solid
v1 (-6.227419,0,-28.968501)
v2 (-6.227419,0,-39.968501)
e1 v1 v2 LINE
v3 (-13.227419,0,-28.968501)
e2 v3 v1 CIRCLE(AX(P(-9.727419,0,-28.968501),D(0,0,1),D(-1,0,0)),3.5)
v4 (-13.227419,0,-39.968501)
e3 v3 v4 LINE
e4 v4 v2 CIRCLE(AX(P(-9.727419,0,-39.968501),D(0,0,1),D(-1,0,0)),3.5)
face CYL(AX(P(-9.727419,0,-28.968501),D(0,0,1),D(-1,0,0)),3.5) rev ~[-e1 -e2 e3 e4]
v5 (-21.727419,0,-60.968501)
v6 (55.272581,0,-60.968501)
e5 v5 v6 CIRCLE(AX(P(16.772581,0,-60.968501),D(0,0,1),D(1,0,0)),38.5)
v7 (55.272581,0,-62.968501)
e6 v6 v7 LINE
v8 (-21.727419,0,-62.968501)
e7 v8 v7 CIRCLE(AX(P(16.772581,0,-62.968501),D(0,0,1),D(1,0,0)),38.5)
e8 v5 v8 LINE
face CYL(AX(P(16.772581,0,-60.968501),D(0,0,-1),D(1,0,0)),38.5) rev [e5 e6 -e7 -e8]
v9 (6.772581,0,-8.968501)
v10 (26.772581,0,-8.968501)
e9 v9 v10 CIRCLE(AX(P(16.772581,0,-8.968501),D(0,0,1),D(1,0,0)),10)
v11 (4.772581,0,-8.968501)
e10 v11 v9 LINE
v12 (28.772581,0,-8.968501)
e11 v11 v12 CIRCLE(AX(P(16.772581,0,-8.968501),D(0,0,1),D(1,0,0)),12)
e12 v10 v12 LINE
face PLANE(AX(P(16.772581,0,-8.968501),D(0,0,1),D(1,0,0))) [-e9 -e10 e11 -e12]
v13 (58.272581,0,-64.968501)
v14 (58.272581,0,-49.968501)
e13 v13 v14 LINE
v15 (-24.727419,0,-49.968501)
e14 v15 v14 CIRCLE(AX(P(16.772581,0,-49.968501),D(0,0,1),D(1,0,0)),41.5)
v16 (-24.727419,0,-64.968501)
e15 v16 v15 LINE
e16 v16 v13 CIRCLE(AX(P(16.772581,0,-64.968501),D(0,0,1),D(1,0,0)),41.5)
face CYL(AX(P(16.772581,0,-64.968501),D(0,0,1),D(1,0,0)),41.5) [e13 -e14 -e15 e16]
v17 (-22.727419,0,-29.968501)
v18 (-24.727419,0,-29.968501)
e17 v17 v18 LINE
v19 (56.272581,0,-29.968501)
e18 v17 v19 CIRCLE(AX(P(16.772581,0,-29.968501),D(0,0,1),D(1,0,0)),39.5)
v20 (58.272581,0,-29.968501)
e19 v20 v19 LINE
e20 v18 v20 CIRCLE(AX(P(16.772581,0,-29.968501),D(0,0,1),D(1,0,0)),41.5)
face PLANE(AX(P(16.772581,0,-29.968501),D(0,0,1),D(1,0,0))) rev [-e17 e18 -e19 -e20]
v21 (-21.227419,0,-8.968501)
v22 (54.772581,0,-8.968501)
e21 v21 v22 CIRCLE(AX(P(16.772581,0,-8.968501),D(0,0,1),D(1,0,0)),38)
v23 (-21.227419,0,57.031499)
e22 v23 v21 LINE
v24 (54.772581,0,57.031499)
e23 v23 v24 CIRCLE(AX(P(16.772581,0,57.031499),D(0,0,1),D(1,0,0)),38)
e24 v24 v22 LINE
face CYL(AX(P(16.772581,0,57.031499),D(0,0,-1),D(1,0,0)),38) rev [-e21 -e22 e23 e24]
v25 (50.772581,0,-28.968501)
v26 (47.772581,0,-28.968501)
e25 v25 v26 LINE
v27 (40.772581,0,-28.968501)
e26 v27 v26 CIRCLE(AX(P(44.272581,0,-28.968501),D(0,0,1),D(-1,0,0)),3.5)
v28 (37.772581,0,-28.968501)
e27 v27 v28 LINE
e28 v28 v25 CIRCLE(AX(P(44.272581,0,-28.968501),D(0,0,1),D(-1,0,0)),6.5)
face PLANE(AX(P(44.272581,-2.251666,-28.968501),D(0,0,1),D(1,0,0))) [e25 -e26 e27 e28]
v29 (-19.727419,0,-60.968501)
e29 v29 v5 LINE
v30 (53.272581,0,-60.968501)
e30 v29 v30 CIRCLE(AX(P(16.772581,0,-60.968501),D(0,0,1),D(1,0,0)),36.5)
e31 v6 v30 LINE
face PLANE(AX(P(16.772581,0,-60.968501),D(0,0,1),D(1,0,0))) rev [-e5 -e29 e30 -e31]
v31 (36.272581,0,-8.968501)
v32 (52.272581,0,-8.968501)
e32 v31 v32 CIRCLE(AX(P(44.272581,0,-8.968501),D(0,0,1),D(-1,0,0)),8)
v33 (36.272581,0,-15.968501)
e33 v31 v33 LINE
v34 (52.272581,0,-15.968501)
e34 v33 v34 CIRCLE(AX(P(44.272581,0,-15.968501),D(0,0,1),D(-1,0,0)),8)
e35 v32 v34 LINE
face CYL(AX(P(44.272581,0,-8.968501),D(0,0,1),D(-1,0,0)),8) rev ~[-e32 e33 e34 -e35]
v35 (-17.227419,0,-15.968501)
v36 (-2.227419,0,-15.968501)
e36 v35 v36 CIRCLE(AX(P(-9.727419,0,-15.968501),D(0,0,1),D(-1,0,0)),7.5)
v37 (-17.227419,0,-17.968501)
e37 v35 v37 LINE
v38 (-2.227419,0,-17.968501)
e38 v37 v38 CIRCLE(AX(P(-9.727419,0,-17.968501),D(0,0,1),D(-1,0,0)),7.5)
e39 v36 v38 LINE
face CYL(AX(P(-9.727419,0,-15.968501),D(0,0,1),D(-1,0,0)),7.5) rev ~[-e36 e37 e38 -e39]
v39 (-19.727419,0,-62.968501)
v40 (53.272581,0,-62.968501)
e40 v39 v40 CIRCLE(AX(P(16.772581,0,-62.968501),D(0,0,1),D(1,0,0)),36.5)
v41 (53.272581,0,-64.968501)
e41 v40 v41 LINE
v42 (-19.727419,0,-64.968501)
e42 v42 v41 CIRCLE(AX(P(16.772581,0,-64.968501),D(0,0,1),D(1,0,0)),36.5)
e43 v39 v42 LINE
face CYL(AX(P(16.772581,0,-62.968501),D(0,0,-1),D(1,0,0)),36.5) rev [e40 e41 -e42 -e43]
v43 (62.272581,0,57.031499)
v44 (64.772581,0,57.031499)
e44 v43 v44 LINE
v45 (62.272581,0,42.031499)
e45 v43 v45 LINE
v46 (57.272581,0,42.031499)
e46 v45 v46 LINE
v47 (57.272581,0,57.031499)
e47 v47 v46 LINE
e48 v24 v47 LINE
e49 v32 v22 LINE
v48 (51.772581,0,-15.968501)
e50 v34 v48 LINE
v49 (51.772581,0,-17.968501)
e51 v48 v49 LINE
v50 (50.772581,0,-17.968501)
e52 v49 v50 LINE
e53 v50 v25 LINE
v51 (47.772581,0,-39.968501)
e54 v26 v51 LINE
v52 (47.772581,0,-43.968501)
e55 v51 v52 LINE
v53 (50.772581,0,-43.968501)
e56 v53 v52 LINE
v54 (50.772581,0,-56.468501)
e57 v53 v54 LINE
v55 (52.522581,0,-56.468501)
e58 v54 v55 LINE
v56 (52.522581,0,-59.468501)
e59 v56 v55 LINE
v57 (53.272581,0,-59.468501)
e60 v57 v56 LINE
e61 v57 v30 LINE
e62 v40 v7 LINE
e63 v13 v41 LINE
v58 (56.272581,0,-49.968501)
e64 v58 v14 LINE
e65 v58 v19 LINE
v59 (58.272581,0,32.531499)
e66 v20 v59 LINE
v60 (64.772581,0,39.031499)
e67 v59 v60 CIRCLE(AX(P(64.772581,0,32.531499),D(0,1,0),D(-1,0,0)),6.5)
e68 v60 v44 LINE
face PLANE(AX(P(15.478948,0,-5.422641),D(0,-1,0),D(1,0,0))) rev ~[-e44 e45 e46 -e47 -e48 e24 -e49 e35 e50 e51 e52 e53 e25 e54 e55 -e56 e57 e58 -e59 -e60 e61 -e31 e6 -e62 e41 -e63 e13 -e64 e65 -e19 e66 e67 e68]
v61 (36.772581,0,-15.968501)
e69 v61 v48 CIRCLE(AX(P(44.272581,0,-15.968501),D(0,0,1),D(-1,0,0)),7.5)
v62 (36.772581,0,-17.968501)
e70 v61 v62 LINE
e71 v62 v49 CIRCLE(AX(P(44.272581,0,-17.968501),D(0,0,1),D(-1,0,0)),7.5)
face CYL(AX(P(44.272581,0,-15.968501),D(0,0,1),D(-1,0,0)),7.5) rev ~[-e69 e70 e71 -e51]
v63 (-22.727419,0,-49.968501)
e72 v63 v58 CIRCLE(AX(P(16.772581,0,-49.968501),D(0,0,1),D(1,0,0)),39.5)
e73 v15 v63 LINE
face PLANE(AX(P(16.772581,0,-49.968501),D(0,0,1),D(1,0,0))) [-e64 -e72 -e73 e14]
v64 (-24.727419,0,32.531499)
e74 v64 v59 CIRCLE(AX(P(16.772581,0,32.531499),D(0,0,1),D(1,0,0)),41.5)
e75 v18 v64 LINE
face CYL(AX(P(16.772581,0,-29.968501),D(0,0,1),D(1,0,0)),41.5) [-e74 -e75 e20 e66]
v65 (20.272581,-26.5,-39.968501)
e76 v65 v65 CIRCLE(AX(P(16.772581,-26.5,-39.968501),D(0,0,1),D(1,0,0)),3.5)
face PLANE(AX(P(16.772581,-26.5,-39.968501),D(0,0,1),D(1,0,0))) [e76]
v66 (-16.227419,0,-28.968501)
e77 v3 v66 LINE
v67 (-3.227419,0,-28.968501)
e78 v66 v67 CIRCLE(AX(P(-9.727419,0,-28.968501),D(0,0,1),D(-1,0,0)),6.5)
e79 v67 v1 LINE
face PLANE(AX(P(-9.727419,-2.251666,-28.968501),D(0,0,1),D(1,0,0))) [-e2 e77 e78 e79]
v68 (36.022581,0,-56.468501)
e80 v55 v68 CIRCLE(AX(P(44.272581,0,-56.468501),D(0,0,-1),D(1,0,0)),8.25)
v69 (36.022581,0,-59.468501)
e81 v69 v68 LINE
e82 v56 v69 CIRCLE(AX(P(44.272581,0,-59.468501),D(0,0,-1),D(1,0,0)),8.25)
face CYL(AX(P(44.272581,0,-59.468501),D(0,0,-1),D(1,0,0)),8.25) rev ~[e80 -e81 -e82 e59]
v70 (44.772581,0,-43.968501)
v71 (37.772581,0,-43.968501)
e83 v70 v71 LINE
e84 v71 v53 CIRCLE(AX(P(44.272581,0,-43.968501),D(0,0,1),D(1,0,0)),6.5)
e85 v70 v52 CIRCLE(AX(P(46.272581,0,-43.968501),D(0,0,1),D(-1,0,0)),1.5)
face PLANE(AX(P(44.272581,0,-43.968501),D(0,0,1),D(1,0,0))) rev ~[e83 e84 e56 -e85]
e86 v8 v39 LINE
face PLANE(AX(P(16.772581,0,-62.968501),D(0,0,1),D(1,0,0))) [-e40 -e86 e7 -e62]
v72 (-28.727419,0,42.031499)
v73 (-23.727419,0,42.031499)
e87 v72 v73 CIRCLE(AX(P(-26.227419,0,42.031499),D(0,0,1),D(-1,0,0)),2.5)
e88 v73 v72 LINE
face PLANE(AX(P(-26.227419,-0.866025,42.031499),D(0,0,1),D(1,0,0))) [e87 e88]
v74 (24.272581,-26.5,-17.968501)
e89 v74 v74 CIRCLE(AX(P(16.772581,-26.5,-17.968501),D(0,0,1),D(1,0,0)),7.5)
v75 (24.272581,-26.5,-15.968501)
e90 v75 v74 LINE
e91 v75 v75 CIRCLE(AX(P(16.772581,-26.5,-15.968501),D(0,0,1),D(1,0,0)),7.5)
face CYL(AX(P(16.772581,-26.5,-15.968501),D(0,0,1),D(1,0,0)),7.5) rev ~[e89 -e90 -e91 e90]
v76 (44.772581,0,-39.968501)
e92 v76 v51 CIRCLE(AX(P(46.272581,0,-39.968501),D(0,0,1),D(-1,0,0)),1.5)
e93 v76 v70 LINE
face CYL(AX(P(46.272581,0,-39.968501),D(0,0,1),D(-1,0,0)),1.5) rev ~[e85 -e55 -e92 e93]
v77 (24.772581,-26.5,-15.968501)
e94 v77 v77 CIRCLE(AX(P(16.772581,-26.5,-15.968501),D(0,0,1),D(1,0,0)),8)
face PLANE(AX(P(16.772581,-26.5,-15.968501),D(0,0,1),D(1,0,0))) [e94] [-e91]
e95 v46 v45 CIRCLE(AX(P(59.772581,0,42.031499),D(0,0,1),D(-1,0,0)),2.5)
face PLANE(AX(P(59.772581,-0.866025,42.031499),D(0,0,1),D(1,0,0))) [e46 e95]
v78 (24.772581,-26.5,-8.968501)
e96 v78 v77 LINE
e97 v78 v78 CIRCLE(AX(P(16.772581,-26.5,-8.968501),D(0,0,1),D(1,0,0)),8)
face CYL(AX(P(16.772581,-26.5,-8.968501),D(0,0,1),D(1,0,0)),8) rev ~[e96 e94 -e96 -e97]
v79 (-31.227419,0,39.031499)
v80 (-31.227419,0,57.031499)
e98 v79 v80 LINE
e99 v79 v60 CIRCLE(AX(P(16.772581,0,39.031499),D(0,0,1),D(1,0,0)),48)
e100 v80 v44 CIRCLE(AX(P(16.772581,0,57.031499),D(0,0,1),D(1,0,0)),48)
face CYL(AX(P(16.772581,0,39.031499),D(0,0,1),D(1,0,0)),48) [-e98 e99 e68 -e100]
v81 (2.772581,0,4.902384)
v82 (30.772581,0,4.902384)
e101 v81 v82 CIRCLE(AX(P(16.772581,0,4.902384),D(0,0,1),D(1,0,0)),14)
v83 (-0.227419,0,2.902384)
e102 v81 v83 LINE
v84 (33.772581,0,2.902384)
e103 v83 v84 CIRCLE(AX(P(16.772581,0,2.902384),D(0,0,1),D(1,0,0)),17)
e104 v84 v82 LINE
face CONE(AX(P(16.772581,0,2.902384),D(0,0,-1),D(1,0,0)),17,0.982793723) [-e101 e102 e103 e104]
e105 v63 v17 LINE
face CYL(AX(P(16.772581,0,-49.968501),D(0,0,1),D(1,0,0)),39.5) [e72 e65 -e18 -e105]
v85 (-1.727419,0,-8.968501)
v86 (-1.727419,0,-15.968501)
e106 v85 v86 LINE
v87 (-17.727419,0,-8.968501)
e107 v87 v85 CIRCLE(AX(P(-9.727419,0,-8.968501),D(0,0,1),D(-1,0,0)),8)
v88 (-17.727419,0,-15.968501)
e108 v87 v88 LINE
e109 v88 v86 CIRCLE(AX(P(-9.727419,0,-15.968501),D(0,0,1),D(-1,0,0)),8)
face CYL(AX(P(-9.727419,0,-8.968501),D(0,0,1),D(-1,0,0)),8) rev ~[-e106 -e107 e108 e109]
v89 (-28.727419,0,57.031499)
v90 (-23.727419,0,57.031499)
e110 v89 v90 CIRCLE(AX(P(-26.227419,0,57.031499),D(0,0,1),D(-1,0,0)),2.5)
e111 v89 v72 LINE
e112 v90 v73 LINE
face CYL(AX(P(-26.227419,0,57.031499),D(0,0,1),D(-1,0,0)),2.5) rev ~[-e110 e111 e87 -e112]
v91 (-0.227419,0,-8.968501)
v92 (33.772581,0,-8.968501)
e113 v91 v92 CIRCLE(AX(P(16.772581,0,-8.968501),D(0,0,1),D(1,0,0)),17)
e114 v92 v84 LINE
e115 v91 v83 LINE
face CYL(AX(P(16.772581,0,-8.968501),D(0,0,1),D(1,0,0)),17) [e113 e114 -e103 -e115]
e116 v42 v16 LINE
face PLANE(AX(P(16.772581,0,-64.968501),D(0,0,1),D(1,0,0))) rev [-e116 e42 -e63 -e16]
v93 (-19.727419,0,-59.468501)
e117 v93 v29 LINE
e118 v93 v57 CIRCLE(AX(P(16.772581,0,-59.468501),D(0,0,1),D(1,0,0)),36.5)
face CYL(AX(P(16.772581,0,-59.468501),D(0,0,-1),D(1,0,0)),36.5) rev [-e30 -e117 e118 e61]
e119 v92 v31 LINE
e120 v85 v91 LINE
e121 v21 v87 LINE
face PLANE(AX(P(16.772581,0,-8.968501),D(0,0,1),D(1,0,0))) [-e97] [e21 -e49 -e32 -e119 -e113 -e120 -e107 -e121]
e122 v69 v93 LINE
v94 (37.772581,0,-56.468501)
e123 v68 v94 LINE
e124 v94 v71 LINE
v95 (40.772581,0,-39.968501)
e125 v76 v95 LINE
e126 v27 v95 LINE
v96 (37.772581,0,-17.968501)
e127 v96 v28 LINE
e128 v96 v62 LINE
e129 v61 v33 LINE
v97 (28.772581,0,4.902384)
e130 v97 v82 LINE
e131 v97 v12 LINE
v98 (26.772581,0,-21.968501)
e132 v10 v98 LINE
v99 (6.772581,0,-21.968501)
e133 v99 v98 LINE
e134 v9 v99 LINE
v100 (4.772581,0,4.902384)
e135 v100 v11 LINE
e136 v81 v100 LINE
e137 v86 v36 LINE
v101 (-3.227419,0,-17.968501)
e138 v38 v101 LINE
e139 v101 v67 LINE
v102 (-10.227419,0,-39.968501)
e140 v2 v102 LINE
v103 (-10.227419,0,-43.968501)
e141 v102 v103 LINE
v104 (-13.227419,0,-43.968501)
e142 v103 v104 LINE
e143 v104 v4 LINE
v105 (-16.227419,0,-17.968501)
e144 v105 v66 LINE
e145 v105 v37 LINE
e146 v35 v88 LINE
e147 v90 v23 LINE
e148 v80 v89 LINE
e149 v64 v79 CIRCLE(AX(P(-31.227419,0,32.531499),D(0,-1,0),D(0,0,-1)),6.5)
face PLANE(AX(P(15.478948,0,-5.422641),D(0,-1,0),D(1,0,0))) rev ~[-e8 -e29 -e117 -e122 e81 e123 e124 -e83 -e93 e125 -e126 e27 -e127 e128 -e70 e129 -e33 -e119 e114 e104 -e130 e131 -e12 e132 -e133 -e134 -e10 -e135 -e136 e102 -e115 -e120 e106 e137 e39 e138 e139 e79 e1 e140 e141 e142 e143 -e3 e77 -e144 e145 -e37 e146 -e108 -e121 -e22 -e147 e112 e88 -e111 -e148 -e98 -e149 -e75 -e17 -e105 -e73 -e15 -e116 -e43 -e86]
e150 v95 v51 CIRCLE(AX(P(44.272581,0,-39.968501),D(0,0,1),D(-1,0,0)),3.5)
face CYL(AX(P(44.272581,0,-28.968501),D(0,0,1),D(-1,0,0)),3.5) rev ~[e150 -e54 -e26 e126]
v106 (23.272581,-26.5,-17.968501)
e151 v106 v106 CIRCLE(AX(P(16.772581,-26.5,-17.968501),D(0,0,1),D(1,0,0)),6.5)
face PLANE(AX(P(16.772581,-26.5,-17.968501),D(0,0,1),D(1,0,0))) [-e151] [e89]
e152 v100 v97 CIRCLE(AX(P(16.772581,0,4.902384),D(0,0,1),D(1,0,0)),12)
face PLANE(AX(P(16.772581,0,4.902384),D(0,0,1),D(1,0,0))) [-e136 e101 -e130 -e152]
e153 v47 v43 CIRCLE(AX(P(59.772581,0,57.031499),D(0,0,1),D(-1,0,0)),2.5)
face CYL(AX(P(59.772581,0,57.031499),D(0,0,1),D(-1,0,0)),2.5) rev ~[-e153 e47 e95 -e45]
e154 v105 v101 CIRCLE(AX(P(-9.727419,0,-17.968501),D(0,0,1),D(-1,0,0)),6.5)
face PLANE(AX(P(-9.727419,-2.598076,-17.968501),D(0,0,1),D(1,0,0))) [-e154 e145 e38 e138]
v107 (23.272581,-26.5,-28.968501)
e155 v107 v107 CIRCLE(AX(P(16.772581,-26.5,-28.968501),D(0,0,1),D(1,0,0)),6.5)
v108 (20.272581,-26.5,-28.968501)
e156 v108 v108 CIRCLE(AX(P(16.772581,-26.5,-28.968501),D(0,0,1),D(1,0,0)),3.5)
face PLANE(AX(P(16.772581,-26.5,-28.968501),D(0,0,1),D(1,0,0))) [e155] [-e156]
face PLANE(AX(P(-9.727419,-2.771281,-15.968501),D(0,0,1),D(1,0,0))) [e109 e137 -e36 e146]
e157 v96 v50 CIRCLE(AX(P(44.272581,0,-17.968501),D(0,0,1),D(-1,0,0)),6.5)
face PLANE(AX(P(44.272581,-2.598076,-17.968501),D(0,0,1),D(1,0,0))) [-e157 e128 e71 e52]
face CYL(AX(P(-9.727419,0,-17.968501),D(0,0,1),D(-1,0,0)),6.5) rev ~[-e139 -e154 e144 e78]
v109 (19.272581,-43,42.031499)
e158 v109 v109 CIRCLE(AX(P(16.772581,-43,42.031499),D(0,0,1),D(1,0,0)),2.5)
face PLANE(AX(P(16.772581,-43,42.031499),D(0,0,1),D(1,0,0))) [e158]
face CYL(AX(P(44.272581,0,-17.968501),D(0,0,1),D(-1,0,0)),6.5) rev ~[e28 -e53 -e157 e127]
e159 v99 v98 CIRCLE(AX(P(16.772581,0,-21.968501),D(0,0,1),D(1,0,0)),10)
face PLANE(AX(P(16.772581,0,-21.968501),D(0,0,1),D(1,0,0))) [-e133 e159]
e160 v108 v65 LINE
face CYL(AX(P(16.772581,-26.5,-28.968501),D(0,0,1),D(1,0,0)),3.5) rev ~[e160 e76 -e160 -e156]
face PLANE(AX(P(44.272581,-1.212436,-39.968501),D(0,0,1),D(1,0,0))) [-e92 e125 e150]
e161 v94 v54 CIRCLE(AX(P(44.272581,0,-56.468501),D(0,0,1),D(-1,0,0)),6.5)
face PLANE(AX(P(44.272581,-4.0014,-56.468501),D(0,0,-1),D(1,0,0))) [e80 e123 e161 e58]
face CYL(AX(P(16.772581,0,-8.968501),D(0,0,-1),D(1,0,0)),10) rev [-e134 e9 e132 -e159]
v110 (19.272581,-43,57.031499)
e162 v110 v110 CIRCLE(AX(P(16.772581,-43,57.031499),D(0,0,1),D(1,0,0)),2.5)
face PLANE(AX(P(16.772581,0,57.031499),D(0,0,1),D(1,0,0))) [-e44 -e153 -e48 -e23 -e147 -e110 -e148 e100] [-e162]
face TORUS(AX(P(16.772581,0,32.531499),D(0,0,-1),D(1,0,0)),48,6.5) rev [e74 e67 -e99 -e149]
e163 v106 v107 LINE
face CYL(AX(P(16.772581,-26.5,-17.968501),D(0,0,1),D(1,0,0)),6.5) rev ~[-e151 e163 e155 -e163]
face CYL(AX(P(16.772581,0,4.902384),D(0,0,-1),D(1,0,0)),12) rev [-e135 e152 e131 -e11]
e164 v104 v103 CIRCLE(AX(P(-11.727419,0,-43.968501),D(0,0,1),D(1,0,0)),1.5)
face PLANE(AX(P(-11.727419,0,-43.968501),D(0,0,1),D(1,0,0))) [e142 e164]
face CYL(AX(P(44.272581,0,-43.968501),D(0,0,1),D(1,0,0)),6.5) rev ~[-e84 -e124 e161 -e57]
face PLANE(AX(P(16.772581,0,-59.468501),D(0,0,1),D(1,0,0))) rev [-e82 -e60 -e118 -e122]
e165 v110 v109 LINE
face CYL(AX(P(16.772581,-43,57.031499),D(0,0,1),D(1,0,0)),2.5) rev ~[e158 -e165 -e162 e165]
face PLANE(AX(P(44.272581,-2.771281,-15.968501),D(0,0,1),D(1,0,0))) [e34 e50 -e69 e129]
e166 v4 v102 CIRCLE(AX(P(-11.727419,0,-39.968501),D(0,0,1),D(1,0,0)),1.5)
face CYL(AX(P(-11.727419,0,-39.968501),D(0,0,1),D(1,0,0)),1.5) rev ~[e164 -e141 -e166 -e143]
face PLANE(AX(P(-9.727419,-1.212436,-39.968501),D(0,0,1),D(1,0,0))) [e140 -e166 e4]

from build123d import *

# Parameters (mm, degrees)
F2_W      = 103.9337478578
F2_H      = 131.3569024205
F3_DEPTH  = 50
F4_R      = 8
F5_DEPTH  = 7
F6_R      = 7.5
F7_DEPTH  = 2
F8_R      = 6.5
F9_DEPTH  = 11
F10_R     = 3.5
F11_DEPTH = 11
F12_R     = 1.5
F13_DEPTH = 4
F14_R     = 2.5
F15_DEPTH = 15
F17_START = -4
F16_R     = 6.5
F17_DEPTH = 21.001
F19_DEPTH = 3


with BuildPart() as f1:
    # F0 (on Front) → F1 (revolve)
    with BuildSketch(Plane.XZ):
        with BuildLine():
            Line((58.2725809174, 57.0314990246), (54.7725809174, 57.0314990246))
            Line((54.7725809174, 57.0314990246), (54.7725809174, -8.9685009754))
            Line((54.7725809174, -8.9685009754), (33.7725809174, -8.9685009754))
            Line((33.7725809174, -8.9685009754), (33.7725809174, 2.9023842439))
            Line((33.7725809174, 2.9023842439), (30.7725809174, 4.9023842439))
            Line((30.7725809174, 4.9023842439), (28.7725809174, 4.9023842439))
            Line((28.7725809174, 4.9023842439), (28.7725809174, -8.9685009754))
            Line((28.7725809174, -8.9685009754), (26.7725809174, -8.9685009754))
            Line((26.7725809174, -8.9685009754), (26.7725809174, -10.9685009754))
            Line((26.7725809174, -10.9685009754), (26.7725809174, -21.9685009754))
            Line((26.7725809174, -21.9685009754), (16.7725809174, -21.9685009754))
            Line((16.7725809174, -21.9685009754), (16.7725809174, -59.4685009754))
            Line((16.7725809174, -59.4685009754), (53.2725809174, -59.4685009754))
            Line((53.2725809174, -59.4685009754), (53.2725809174, -60.9685009754))
            Line((53.2725809174, -60.9685009754), (55.2725809174, -60.9685009754))
            Line((55.2725809174, -60.9685009754), (55.2725809174, -62.9685009754))
            Line((55.2725809174, -62.9685009754), (53.2725809174, -62.9685009754))
            Line((53.2725809174, -62.9685009754), (53.2725809174, -64.9685009754))
            Line((53.2725809174, -64.9685009754), (58.2725809174, -64.9685009754))
            Line((58.2725809174, -64.9685009754), (58.2725809174, -49.9685009754))
            Line((58.2725809174, -49.9685009754), (56.2725809174, -49.9685009754))
            Line((56.2725809174, -49.9685009754), (56.2725809174, -29.9685009754))
            Line((56.2725809174, -29.9685009754), (58.2725809174, -29.9685009754))
            Line((58.2725809174, -29.9685009754), (58.2725809174, 32.5314990246))
            ThreePointArc((58.2725809174, 32.5314990246), (60.1763868397, 37.1276931023), (64.7725809174, 39.0314990246))
            Line((64.7725809174, 39.0314990246), (64.7725809174, 57.0314990246))
            Line((64.7725809174, 57.0314990246), (58.2725809174, 57.0314990246))
        make_face()
    revolve(axis=Axis((16.7725809174, 0, -11.2093901262), (0, 0, 1)))

    # F2 (on Front) → F3 (cut)
    with BuildSketch(Plane.XZ):
        with Locations((15.4789481312, -5.4226405919)):
            Rectangle(F2_W, F2_H)
    extrude(amount=-F3_DEPTH, mode=Mode.SUBTRACT)

    # F4 (on face) → F5 (cut)
    with BuildSketch(Plane.XY.offset(-8.9685009754)):
        with BuildLine():
            Line((-1.7274190826, 0), (-17.7274190826, 0))
            ThreePointArc((-17.7274190826, 0), (-9.7274190826, -8), (-1.7274190826, 0))
        make_face()
        with BuildLine():
            ThreePointArc((36.2725809174, 0), (44.2725809174, -8), (52.2725809174, 0))
            Line((52.2725809174, 0), (36.2725809174, 0))
        make_face()
        with Locations((16.7725809174, -26.5)):
            Circle(F4_R)
    extrude(amount=-F5_DEPTH, mode=Mode.SUBTRACT)

    # F6 (on face) → F7 (cut)
    with BuildSketch(Plane.XY.offset(-15.9685009754)):
        with BuildLine():
            Line((-2.2274190826, 0), (-17.2274190826, 0))
            ThreePointArc((-17.2274190826, 0), (-9.7274190826, -7.5), (-2.2274190826, 0))
        make_face()
        with BuildLine():
            Line((51.7725809174, 0), (36.7725809174, 0))
            ThreePointArc((36.7725809174, 0), (44.2725809174, -7.5), (51.7725809174, 0))
        make_face()
        with Locations((16.7725809174, -26.5)):
            Circle(F6_R)
    extrude(amount=-F7_DEPTH, mode=Mode.SUBTRACT)

    # F8 (on face) → F9 (cut)
    with BuildSketch(Plane.XY.offset(-17.9685009754)):
        with BuildLine():
            Line((-3.2274190826, 0), (-16.2274190826, 0))
            ThreePointArc((-16.2274190826, 0), (-9.7274190826, -6.5), (-3.2274190826, 0))
        make_face()
        with BuildLine():
            Line((50.7725809174, 0), (37.7725809174, 0))
            ThreePointArc((37.7725809174, 0), (44.2725809174, -6.5), (50.7725809174, 0))
        make_face()
        with Locations((16.7725809174, -26.5)):
            Circle(F8_R)
    extrude(amount=-F9_DEPTH, mode=Mode.SUBTRACT)

    # F10 (on face) → F11 (cut)
    with BuildSketch(Plane.XY.offset(-28.9685009754)):
        with BuildLine():
            Line((-6.2274190826, 0), (-13.2274190826, 0))
            ThreePointArc((-13.2274190826, 0), (-9.7274190826, -3.5), (-6.2274190826, 0))
        make_face()
        with BuildLine():
            Line((47.7725809174, 0), (40.7725809174, 0))
            ThreePointArc((40.7725809174, 0), (44.2725809174, -3.5), (47.7725809174, 0))
        make_face()
        with Locations((16.7725809174, -26.5)):
            Circle(F10_R)
    extrude(amount=-F11_DEPTH, mode=Mode.SUBTRACT)

    # F12 (on face) → F13 (cut)
    with BuildSketch(Plane.XY.offset(-39.9685009754)):
        with Locations((-11.7274190826, 0)):
            Circle(F12_R)
        with BuildLine():
            ThreePointArc((44.7725809174, 0), (46.2725809174, -1.5), (47.7725809174, 0))
            Line((47.7725809174, 0), (44.7725809174, 0))
        make_face()
    extrude(amount=-F13_DEPTH, mode=Mode.SUBTRACT)

    # F14 (on face) → F15 (cut)
    with BuildSketch(Plane.XY.offset(57.0314990246)):
        with BuildLine():
            Line((-23.7274190826, 0), (-28.7274190826, 0))
            ThreePointArc((-28.7274190826, 0), (-26.2274190826, -2.5), (-23.7274190826, 0))
        make_face()
        with Locations((16.7725809174, -43)):
            Circle(F14_R)
        with BuildLine():
            ThreePointArc((57.2725809174, 0), (59.7725809174, -2.5), (62.2725809174, 0))
            Line((62.2725809174, 0), (57.2725809174, 0))
        make_face()
    extrude(amount=-F15_DEPTH, mode=Mode.SUBTRACT)

    # F16 (on face) → F17 (cut)
    with BuildSketch(Plane.XY.offset(-39.9685009754).offset(F17_START)):
        with Locations((44.2725809174, 0)):
            Circle(F16_R)
        with BuildLine():
            ThreePointArc((47.7725809174, 0), (44.2725809174, -3.5), (40.7725809174, 0))
            Line((40.7725809174, 0), (44.7725809174, 0))
            ThreePointArc((44.7725809174, 0), (46.2725809174, -1.5), (47.7725809174, 0))
        make_face(mode=Mode.SUBTRACT)
        with BuildLine():
            Line((44.7725809174, 0), (40.7725809174, 0))
            ThreePointArc((40.7725809174, 0), (44.2725809174, -3.5), (47.7725809174, 0))
            ThreePointArc((47.7725809174, 0), (46.2725809174, -1.5), (44.7725809174, 0))
        make_face()
    extrude(amount=-F17_DEPTH, mode=Mode.SUBTRACT)

    # F18 (on face) → F19 (cut)
    with BuildSketch(Plane(origin=(0, 0, -59.4685009754), x_dir=(1, 0, 0), z_dir=(0, 0, -1))):
        with BuildLine():
            Line((50.7725809174, 0), (52.5225809174, 0))
            ThreePointArc((52.5225809174, 0), (44.2725809174, 8.25), (36.0225809174, 0))
            Line((36.0225809174, 0), (37.7725809174, 0))
            ThreePointArc((37.7725809174, 0), (44.2725809174, 6.5), (50.7725809174, 0))
        make_face()
    extrude(amount=-F19_DEPTH, mode=Mode.SUBTRACT)


solid = f1.part
